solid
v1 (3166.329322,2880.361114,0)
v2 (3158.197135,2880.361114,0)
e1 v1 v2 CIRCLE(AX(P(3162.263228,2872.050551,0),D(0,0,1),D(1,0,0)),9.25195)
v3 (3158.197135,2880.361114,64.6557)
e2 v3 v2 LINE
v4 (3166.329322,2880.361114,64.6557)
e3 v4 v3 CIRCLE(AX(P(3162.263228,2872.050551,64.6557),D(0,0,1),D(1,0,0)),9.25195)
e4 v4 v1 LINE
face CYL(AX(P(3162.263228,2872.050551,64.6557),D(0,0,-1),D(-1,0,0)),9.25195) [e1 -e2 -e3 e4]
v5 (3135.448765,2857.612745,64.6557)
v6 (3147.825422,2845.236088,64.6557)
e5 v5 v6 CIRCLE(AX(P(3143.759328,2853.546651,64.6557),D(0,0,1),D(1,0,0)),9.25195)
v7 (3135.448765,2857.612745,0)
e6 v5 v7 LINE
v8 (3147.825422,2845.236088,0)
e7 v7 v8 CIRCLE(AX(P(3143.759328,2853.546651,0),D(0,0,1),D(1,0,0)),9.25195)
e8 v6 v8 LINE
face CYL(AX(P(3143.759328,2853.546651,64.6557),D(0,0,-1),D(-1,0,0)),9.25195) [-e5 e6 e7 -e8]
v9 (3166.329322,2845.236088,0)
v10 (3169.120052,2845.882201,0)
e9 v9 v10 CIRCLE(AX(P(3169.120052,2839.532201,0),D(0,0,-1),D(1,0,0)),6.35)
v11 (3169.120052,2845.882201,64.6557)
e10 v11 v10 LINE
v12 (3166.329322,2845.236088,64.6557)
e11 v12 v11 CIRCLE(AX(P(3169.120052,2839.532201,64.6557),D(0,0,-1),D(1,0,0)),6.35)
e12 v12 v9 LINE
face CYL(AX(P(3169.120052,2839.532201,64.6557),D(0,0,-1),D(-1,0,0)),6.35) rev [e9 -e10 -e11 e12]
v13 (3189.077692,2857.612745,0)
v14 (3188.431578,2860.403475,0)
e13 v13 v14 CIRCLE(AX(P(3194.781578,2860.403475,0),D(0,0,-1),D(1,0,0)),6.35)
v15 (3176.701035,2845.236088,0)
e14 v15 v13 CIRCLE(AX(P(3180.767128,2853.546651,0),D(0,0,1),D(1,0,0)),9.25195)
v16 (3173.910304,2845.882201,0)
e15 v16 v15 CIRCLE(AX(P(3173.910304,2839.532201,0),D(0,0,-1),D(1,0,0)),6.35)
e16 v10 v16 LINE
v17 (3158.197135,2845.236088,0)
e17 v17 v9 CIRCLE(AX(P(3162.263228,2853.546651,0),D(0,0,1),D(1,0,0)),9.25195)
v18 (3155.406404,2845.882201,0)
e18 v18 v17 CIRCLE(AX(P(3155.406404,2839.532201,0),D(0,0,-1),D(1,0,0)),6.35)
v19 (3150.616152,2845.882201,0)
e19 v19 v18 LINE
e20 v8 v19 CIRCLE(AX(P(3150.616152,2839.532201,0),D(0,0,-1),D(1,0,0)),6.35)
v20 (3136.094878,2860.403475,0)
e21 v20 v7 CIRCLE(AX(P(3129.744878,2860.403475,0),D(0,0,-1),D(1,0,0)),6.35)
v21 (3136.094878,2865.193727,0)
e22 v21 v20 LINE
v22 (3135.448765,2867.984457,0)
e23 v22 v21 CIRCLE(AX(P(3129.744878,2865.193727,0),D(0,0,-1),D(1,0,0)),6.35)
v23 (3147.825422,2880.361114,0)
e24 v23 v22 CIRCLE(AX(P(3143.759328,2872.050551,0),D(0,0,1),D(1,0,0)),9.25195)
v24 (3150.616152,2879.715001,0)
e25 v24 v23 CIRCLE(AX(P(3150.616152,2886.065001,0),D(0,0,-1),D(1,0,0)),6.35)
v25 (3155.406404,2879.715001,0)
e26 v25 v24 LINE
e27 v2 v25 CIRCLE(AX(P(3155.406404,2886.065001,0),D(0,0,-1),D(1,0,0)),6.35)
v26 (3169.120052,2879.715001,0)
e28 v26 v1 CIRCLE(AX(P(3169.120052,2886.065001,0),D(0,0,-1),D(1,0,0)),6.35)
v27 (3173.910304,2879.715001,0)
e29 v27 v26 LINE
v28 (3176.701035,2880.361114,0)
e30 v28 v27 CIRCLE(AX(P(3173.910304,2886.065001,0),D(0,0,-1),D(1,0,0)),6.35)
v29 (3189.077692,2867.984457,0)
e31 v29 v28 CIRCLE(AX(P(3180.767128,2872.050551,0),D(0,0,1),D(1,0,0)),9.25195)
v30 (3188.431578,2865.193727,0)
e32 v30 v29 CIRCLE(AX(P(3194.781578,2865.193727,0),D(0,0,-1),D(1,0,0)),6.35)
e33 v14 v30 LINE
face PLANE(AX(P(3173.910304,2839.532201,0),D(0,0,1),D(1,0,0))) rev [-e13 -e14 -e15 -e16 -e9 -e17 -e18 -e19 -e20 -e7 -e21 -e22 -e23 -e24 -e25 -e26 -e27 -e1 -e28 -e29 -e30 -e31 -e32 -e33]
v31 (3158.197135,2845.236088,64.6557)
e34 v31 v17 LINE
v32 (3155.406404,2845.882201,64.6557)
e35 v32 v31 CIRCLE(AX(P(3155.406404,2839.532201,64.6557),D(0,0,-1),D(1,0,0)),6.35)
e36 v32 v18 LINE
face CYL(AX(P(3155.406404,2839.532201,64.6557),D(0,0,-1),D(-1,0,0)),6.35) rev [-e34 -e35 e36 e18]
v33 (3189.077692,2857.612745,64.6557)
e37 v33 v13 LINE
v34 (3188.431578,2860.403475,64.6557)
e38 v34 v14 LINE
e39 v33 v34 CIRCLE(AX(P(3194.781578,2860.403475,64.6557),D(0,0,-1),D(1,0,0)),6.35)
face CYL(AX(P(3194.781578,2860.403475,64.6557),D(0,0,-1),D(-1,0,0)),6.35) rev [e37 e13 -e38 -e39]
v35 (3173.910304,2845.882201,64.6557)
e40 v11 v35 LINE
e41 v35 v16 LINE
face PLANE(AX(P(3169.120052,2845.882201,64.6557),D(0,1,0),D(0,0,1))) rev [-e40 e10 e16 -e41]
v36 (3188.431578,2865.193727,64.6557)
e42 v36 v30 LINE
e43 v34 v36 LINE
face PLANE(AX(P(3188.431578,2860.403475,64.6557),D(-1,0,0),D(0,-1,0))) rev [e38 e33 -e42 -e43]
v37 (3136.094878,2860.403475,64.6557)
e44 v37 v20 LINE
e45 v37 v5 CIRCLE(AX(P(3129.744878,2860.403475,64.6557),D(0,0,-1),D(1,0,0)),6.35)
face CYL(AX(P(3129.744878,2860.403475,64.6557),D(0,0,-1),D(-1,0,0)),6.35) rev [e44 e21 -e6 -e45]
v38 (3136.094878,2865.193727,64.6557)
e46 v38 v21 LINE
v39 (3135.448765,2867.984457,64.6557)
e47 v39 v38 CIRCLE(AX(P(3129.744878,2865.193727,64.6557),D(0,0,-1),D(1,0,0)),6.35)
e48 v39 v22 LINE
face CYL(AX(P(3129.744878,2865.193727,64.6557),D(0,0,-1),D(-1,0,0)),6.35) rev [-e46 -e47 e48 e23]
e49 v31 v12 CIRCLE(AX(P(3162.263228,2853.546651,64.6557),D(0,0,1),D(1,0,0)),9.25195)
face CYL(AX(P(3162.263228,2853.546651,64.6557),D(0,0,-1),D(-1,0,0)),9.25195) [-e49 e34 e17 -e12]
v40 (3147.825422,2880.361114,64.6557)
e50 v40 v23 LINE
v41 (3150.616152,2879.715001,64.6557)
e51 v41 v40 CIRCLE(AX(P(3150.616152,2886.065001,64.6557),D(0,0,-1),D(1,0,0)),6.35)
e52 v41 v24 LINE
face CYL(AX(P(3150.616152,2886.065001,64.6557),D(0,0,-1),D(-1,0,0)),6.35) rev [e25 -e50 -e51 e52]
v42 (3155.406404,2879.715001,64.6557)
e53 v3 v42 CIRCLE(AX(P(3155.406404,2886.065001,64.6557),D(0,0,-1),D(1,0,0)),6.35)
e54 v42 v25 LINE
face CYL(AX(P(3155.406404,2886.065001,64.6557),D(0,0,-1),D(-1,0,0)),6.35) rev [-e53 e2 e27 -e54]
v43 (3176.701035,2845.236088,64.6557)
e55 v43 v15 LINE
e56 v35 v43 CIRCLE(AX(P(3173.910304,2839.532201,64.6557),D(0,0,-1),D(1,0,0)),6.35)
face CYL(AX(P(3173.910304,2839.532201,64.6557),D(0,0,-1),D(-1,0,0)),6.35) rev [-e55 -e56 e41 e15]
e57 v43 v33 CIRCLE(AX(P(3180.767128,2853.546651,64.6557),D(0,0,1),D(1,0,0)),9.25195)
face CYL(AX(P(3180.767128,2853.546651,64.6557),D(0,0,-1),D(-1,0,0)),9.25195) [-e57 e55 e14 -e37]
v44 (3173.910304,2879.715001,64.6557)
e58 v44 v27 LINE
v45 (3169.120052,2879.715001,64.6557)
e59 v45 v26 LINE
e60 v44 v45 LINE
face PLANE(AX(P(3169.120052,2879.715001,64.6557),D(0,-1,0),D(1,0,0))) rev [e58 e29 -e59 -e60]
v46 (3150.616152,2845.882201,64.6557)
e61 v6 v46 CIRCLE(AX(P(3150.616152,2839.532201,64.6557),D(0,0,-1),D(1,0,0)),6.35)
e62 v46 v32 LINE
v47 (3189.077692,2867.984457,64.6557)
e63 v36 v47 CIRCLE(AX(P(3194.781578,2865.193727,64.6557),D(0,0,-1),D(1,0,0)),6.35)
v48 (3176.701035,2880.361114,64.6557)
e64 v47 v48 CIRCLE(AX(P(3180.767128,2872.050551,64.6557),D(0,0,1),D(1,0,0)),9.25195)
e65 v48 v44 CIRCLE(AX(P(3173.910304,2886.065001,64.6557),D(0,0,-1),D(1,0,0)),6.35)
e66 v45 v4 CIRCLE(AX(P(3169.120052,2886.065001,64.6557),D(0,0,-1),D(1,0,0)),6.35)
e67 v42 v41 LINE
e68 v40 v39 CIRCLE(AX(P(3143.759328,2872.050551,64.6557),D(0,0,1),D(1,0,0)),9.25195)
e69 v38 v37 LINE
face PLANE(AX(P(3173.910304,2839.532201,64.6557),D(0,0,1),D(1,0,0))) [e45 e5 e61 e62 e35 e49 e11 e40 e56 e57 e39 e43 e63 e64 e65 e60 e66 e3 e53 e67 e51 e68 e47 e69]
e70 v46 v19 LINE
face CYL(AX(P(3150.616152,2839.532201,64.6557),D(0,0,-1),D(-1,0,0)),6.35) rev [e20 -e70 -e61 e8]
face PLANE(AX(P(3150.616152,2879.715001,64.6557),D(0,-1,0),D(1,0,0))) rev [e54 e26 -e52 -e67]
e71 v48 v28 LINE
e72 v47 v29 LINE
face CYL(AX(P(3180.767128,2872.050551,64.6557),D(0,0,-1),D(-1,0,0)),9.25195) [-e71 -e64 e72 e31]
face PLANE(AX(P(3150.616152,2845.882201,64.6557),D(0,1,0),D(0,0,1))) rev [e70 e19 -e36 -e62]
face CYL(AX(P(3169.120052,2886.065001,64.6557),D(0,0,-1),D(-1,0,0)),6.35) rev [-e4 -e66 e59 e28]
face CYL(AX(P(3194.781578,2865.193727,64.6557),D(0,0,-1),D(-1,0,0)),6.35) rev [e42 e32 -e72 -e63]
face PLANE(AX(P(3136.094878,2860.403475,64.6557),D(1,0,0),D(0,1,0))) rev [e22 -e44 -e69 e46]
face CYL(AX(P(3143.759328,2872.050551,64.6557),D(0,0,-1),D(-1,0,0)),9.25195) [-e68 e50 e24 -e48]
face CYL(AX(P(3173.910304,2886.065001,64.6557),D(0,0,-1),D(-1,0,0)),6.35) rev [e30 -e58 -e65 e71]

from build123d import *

# Parameters (mm, degrees)
BOSS_EXTRUDE1_DEPTH = 64.6557


with BuildPart() as part:
    # Sketch1 → Boss-Extrude1 (new body)
    with BuildSketch(Plane.XY):
        with BuildLine():
            Line((3150.616152352, 2845.882200994), (3155.406404405, 2845.882200994))
            ThreePointArc((3155.406404405, 2845.882200994), (3156.838678555, 2845.718564285), (3158.197134553, 2845.236087848))
            ThreePointArc((3158.197134553, 2845.236087848), (3162.263228379, 2844.294700994), (3166.329322204, 2845.236087848))
            ThreePointArc((3166.329322204, 2845.236087848), (3167.687778202, 2845.718564285), (3169.120052352, 2845.882200994))
            Line((3169.120052352, 2845.882200994), (3173.910304405, 2845.882200994))
            ThreePointArc((3173.910304405, 2845.882200994), (3175.342578555, 2845.718564285), (3176.701034553, 2845.236087848))
            ThreePointArc((3176.701034553, 2845.236087848), (3187.309244963, 2847.00453441), (3189.077691525, 2857.61274482))
            ThreePointArc((3189.077691525, 2857.61274482), (3188.595215088, 2858.971200818), (3188.431578378, 2860.403474968))
            Line((3188.431578378, 2860.403474968), (3188.431578378, 2865.193727021))
            ThreePointArc((3188.431578378, 2865.193727021), (3188.595215088, 2866.626001171), (3189.077691525, 2867.984457169))
            ThreePointArc((3189.077691525, 2867.984457169), (3187.309244963, 2878.592667579), (3176.701034553, 2880.361114141))
            ThreePointArc((3176.701034553, 2880.361114141), (3175.342578555, 2879.878637704), (3173.910304405, 2879.715000994))
            Line((3173.910304405, 2879.715000994), (3169.120052352, 2879.715000994))
            ThreePointArc((3169.120052352, 2879.715000994), (3167.687778202, 2879.878637704), (3166.329322204, 2880.361114141))
            ThreePointArc((3166.329322204, 2880.361114141), (3162.263228379, 2881.302500994), (3158.197134553, 2880.361114141))
            ThreePointArc((3158.197134553, 2880.361114141), (3156.838678555, 2879.878637704), (3155.406404405, 2879.715000994))
            Line((3155.406404405, 2879.715000994), (3150.616152352, 2879.715000994))
            ThreePointArc((3150.616152352, 2879.715000994), (3149.183878202, 2879.878637704), (3147.825422204, 2880.361114141))
            ThreePointArc((3147.825422204, 2880.361114141), (3137.217211794, 2878.592667579), (3135.448765232, 2867.984457169))
            ThreePointArc((3135.448765232, 2867.984457169), (3135.931241669, 2866.626001171), (3136.094878379, 2865.193727021))
            Line((3136.094878379, 2865.193727021), (3136.094878379, 2860.403474968))
            ThreePointArc((3136.094878379, 2860.403474968), (3135.931241669, 2858.971200818), (3135.448765232, 2857.61274482))
            ThreePointArc((3135.448765232, 2857.61274482), (3137.217211794, 2847.00453441), (3147.825422204, 2845.236087848))
            ThreePointArc((3147.825422204, 2845.236087848), (3149.183878202, 2845.718564285), (3150.616152352, 2845.882200994))
        make_face()
    extrude(amount=BOSS_EXTRUDE1_DEPTH)


solid = part.part
